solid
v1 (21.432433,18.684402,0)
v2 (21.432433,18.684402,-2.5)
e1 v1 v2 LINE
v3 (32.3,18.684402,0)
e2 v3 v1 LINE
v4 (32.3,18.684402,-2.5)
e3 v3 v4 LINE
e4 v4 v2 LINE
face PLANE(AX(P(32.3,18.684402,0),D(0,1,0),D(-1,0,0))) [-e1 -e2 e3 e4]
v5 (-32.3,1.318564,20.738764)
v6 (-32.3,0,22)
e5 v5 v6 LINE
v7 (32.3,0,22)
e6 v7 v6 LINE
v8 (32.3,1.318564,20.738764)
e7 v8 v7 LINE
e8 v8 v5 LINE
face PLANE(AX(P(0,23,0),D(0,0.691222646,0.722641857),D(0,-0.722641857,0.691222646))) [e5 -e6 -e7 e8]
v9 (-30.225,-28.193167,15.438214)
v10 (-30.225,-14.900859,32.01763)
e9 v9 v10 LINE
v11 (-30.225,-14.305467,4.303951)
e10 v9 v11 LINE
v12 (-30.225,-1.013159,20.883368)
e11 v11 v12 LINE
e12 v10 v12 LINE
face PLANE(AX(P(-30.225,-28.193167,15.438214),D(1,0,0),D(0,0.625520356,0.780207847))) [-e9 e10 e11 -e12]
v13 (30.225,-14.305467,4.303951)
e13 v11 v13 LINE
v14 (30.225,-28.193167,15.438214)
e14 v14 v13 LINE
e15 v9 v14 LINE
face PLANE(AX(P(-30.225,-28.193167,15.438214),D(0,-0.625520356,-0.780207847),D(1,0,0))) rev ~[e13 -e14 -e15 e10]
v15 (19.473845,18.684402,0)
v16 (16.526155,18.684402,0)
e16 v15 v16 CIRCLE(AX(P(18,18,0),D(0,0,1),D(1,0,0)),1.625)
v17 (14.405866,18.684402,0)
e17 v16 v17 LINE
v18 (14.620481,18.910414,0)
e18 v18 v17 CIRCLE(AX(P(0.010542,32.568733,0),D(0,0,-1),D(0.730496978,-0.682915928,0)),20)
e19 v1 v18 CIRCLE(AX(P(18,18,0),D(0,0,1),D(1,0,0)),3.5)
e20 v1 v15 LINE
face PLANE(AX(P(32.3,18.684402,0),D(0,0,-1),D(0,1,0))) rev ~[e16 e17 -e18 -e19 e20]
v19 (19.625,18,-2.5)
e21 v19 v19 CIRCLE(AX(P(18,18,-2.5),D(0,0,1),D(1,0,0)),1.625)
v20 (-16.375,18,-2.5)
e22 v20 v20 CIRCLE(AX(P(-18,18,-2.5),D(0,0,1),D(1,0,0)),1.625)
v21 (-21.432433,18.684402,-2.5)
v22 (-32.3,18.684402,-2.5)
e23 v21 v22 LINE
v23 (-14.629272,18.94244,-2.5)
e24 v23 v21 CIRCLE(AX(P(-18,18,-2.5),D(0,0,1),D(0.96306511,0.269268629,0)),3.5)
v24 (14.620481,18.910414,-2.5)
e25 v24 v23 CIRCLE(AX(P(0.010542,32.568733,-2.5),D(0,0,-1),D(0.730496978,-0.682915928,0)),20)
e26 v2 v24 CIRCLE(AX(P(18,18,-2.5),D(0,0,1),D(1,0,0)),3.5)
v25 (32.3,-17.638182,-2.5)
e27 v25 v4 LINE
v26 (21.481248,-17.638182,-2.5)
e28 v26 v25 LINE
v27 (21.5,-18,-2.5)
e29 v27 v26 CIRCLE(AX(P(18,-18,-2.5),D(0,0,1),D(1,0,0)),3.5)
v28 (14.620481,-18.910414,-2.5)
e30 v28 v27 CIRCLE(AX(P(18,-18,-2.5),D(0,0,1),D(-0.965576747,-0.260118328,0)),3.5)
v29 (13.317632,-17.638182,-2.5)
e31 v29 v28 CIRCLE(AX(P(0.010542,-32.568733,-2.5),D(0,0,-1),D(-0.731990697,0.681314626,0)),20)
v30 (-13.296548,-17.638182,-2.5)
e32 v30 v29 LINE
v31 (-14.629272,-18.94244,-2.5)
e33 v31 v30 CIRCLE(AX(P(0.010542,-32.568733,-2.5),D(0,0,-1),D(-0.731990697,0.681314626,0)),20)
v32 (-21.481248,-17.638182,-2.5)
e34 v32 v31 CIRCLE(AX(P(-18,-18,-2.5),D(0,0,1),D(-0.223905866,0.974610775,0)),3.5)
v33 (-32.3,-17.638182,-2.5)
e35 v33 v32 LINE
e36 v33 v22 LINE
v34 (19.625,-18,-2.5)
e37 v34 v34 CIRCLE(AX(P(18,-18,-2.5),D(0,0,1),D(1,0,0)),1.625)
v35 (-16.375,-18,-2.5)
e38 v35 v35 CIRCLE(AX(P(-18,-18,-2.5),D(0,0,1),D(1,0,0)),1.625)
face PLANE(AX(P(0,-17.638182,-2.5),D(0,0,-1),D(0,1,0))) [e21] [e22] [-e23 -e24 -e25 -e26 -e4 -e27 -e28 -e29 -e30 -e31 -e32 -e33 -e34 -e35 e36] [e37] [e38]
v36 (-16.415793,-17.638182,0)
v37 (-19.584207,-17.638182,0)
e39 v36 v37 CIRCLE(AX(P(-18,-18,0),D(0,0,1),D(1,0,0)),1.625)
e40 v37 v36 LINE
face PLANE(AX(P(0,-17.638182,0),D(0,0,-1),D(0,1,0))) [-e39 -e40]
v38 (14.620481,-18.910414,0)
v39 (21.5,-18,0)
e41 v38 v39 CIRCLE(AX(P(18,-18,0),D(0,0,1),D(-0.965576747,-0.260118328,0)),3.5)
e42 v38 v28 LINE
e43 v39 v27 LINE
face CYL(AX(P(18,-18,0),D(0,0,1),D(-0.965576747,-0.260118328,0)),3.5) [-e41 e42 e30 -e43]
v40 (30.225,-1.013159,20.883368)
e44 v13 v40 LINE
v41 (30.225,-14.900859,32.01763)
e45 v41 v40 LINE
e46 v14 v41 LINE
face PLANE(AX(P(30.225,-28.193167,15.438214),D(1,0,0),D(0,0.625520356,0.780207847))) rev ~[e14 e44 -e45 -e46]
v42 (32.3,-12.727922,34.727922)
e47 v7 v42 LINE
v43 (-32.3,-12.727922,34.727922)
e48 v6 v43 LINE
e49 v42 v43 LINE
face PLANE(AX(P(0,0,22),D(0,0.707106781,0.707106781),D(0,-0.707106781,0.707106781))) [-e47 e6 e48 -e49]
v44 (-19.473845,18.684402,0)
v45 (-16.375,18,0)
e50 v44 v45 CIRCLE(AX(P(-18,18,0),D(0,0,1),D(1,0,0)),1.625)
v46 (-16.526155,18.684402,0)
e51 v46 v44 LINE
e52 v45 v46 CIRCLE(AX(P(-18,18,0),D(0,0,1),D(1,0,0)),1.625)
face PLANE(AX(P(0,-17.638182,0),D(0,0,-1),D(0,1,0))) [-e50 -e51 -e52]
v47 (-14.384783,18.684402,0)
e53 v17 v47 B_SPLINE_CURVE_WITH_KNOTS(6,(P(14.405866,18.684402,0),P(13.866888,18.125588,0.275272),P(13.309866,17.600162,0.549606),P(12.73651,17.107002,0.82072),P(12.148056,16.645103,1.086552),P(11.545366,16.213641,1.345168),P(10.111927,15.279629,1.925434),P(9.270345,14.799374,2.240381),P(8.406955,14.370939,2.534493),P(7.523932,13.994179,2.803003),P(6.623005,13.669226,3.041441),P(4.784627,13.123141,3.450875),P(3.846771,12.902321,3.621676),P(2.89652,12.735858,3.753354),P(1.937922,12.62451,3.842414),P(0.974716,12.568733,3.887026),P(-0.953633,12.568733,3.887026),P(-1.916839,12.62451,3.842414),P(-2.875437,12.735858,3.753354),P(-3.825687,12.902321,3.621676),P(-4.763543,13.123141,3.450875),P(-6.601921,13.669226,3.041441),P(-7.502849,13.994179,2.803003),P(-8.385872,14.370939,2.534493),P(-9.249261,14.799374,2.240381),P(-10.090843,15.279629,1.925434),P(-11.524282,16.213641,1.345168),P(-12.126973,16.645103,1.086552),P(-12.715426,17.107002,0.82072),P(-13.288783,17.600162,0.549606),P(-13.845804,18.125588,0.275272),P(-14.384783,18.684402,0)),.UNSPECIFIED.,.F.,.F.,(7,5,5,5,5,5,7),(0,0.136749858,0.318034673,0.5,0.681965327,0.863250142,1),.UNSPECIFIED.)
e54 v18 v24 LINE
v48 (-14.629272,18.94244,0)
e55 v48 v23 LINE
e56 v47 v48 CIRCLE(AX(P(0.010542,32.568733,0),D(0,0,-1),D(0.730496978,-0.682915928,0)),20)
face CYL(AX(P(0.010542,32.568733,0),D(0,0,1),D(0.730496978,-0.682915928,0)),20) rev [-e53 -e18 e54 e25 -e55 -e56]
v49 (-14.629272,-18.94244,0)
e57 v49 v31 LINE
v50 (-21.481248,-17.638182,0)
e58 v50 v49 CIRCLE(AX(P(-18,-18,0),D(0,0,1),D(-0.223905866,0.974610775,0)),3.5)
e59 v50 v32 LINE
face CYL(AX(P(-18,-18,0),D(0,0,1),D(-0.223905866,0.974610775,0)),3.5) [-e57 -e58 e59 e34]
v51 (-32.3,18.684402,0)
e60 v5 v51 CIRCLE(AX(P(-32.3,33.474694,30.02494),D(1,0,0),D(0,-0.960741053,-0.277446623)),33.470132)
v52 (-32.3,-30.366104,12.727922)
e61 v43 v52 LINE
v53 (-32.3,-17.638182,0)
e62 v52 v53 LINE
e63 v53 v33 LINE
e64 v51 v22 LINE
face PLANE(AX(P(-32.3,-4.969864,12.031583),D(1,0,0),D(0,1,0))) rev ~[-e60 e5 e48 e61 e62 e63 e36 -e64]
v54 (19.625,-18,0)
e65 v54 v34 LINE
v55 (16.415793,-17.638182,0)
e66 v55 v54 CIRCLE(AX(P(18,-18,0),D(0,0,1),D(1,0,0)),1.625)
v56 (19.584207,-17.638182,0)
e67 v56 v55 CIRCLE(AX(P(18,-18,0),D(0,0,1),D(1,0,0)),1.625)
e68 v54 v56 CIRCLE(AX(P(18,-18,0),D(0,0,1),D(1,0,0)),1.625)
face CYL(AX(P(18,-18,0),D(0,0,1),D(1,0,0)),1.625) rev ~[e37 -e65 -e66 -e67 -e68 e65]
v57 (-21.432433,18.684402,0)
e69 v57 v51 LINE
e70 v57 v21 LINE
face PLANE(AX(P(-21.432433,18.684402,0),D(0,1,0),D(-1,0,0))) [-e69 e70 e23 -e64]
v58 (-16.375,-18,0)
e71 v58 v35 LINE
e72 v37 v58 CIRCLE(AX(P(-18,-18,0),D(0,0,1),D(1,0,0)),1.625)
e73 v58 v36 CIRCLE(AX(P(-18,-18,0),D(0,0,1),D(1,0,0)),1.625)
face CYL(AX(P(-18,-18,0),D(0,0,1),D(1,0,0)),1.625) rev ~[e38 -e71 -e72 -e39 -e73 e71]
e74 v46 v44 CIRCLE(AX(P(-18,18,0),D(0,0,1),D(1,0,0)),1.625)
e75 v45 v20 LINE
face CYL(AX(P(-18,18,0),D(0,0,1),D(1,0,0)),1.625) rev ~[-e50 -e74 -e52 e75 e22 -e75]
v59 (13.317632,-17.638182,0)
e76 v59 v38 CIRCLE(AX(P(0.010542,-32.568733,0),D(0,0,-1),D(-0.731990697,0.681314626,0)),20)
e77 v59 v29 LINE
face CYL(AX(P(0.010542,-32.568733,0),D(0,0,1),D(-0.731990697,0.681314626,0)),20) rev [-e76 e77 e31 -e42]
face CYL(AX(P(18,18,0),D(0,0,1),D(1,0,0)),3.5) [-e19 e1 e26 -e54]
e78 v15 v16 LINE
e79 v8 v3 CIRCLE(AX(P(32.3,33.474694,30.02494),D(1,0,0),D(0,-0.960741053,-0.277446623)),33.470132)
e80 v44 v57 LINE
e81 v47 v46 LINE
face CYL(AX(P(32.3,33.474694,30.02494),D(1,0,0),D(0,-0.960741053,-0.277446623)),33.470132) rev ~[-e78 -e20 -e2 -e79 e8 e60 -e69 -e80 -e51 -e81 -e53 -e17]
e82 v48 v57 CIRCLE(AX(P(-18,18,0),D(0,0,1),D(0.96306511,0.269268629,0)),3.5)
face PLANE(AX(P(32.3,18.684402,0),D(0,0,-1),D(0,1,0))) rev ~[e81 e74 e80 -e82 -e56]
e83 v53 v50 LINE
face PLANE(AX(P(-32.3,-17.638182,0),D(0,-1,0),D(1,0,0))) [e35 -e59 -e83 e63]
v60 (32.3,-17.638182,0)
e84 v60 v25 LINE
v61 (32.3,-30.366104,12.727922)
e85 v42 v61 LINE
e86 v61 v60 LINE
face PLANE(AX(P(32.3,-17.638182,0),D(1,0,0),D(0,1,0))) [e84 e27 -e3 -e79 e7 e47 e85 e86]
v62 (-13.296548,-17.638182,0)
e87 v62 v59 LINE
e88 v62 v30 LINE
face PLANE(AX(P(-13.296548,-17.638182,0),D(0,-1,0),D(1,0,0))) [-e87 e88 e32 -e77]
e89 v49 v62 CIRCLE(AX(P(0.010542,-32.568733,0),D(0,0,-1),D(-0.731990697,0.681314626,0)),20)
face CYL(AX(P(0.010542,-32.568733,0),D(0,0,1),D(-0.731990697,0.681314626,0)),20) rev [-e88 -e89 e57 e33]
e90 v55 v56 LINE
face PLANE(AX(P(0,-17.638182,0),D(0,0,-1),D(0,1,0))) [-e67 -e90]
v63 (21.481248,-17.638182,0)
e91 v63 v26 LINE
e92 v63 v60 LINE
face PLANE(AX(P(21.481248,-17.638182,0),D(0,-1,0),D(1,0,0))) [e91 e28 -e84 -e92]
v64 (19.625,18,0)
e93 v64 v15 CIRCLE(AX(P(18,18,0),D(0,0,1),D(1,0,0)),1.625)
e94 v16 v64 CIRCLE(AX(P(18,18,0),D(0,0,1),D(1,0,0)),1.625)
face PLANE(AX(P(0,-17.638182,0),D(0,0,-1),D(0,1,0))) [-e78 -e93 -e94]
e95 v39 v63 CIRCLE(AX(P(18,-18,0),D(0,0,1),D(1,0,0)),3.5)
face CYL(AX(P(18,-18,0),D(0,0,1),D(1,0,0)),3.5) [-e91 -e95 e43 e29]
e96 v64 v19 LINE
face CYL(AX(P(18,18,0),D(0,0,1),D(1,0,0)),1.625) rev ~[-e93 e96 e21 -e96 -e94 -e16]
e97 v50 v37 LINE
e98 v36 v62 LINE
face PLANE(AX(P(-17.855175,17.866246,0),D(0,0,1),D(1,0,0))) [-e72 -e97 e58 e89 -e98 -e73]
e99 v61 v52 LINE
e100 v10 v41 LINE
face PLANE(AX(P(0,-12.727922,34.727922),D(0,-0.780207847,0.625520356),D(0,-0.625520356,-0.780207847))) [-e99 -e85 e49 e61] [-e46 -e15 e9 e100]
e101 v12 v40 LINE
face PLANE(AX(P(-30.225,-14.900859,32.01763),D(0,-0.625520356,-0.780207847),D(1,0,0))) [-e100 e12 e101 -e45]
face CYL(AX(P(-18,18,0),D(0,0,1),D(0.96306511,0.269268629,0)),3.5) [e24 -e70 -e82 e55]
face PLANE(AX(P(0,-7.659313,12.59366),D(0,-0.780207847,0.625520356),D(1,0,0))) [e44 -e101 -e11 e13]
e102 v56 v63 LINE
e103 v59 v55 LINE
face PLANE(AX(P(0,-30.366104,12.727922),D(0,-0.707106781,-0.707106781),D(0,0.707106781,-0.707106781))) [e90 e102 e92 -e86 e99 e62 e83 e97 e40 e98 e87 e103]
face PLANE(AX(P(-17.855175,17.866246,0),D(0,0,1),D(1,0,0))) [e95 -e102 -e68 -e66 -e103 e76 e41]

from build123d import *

# Parameters (mm, degrees)
F2_DEPTH  = 32.3
F3_DEPTH  = 32.3
F4_W      = 60.45
F4_H      = 21.25
F5_DEPTH  = 17.8
F0_R      = 1.625
F7_DEPTH  = 2.5
F8_DEPTH  = 125
F9_DEPTH  = 25
F10_DEPTH = 2.5


with BuildPart() as f2:
    # F1 (on Right) → F2 (new body)
    with BuildSketch(Plane.YZ):
        Polygon((-30.3661038332, 12.7279220614), (-17.6381817718, 0), (23, 0), (0, 22), (-12.7279220614, 34.7279220614), align=None)
    extrude(amount=F2_DEPTH)

    # F3 (add): a face of the model
    f3_faces = [f2.faces().sort_by_distance(p)[0] for p in [
        (0, -7.2105643806, 12.6516732047),
    ]]
    extrude(f3_faces, amount=F3_DEPTH)

    # F4 (on face) → F5 (cut)
    with BuildSketch(Plane(origin=(0, -24.6962676026, 19.7998753209), x_dir=(1, 0, 0), z_dir=(0, -0.780207847, 0.6255203557))):
        with Locations((0, 5.0346157827)):
            Rectangle(F4_W, F4_H)
    extrude(amount=-F5_DEPTH, mode=Mode.SUBTRACT)

    # F0 (on Top) → F7 (join)
    with BuildSketch(Plane.XY):
        with BuildLine():
            ThreePointArc((-18.8683877308, 14.6094391689), (-15.8539987253, 15.2350988211), (-14.5, 18))
            ThreePointArc((-14.5, 18), (-14.5324686308, 18.4756324252), (-14.6292721165, 18.9424402026))
            ThreePointArc((-14.6292721165, 18.9424402026), (-20.5018295404, 20.4476210799), (-18.8683877308, 14.6094391689))
        make_face()
        with Locations((-18, 18)):
            Circle(F0_R, mode=Mode.SUBTRACT)
        with BuildLine():
            ThreePointArc((-14.6292721165, 18.9424402026), (-14.5324686308, 18.4756324252), (-14.5, 18))
            ThreePointArc((-14.5, 18), (-15.8539987253, 15.2350988211), (-18.8683877308, 14.6094391689))
            ThreePointArc((-18.8683877308, 14.6094391689), (-12.4958401108, 0.0286551223), (-18.7836705303, -14.5888622866))
            ThreePointArc((-18.7836705303, -14.5888622866), (-15.8197301608, -15.26204028), (-14.5, -18))
            ThreePointArc((-14.5, -18), (-14.5324686308, -18.4756324252), (-14.6292721165, -18.9424402026))
            ThreePointArc((-14.6292721165, -18.9424402026), (-0.0113565012, -12.5687447065), (14.6204813838, -18.9104141492))
            ThreePointArc((14.6204813838, -18.9104141492), (15.4793732037, -15.5717412507), (18.7836705303, -14.5888622866))
            ThreePointArc((18.7836705303, -14.5888622866), (12.4958401108, 0.0286551223), (18.8683877308, 14.6094391689))
            ThreePointArc((18.8683877308, 14.6094391689), (15.5098110461, 15.5405368525), (14.6204813838, 18.9104141492))
            ThreePointArc((14.6204813838, 18.9104141492), (-0.0113565012, 12.5687447065), (-14.6292721165, 18.9424402026))
        make_face()
        with BuildLine():
            ThreePointArc((21.5, 18), (18.459175807, 21.4697489215), (14.6204813838, 18.9104141492))
            ThreePointArc((14.6204813838, 18.9104141492), (15.5098110461, 15.5405368525), (18.8683877308, 14.6094391689))
            ThreePointArc((18.8683877308, 14.6094391689), (20.7649011789, 15.8539987253), (21.5, 18))
        make_face()
        with Locations((18, 18)):
            Circle(F0_R, mode=Mode.SUBTRACT)
        with BuildLine():
            ThreePointArc((-14.5, -18), (-15.8197301608, -15.26204028), (-18.7836705303, -14.5888622866))
            ThreePointArc((-18.7836705303, -14.5888622866), (-20.532118995, -20.4162726243), (-14.6292721165, -18.9424402026))
            ThreePointArc((-14.6292721165, -18.9424402026), (-14.5324686308, -18.4756324252), (-14.5, -18))
        make_face()
        with Locations((-18, -18)):
            Circle(F0_R, mode=Mode.SUBTRACT)
        with BuildLine():
            ThreePointArc((21.5, -18), (20.73795972, -15.8197301608), (18.7836705303, -14.5888622866))
            ThreePointArc((18.7836705303, -14.5888622866), (15.4793732037, -15.5717412507), (14.6204813838, -18.9104141492))
            ThreePointArc((14.6204813838, -18.9104141492), (18.459175807, -21.4697489215), (21.5, -18))
        make_face()
        with Locations((18, -18)):
            Circle(F0_R, mode=Mode.SUBTRACT)
    extrude(amount=-F7_DEPTH)

    # F6 (on face) → F8 (cut)
    with BuildSketch(Plane.YZ.offset(32.3)):
        with BuildLine():
            Line((23, 0), (1.3185644747, 20.7387644155))
            ThreePointArc((1.3185644747, 20.7387644155), (7.8131331228, 8.5369425815), (18.6844021082, 0))
            Line((18.6844021082, 0), (23, 0))
        make_face()
    extrude(amount=-F8_DEPTH, mode=Mode.SUBTRACT)

    # F9 (cut): a face of the model
    f9_faces = [f2.faces().sort_by_distance(p)[0] for p in [
        (0.0105418264, 16.2029444185, 0),
    ]]
    extrude(f9_faces, amount=-F9_DEPTH, mode=Mode.SUBTRACT)

    # F10 (add, through all): faces of the model
    f10_faces = [f2.faces().sort_by_distance(p)[0] for p in [
        (23.7244305893, 0.3347471948, 0),
        (-23.7244305893, 0.3347471948, 0),
        (0.0105418264, -15.5866223713, 0),
    ]]
    extrude(f10_faces, amount=F10_DEPTH)


solid = f2.part
